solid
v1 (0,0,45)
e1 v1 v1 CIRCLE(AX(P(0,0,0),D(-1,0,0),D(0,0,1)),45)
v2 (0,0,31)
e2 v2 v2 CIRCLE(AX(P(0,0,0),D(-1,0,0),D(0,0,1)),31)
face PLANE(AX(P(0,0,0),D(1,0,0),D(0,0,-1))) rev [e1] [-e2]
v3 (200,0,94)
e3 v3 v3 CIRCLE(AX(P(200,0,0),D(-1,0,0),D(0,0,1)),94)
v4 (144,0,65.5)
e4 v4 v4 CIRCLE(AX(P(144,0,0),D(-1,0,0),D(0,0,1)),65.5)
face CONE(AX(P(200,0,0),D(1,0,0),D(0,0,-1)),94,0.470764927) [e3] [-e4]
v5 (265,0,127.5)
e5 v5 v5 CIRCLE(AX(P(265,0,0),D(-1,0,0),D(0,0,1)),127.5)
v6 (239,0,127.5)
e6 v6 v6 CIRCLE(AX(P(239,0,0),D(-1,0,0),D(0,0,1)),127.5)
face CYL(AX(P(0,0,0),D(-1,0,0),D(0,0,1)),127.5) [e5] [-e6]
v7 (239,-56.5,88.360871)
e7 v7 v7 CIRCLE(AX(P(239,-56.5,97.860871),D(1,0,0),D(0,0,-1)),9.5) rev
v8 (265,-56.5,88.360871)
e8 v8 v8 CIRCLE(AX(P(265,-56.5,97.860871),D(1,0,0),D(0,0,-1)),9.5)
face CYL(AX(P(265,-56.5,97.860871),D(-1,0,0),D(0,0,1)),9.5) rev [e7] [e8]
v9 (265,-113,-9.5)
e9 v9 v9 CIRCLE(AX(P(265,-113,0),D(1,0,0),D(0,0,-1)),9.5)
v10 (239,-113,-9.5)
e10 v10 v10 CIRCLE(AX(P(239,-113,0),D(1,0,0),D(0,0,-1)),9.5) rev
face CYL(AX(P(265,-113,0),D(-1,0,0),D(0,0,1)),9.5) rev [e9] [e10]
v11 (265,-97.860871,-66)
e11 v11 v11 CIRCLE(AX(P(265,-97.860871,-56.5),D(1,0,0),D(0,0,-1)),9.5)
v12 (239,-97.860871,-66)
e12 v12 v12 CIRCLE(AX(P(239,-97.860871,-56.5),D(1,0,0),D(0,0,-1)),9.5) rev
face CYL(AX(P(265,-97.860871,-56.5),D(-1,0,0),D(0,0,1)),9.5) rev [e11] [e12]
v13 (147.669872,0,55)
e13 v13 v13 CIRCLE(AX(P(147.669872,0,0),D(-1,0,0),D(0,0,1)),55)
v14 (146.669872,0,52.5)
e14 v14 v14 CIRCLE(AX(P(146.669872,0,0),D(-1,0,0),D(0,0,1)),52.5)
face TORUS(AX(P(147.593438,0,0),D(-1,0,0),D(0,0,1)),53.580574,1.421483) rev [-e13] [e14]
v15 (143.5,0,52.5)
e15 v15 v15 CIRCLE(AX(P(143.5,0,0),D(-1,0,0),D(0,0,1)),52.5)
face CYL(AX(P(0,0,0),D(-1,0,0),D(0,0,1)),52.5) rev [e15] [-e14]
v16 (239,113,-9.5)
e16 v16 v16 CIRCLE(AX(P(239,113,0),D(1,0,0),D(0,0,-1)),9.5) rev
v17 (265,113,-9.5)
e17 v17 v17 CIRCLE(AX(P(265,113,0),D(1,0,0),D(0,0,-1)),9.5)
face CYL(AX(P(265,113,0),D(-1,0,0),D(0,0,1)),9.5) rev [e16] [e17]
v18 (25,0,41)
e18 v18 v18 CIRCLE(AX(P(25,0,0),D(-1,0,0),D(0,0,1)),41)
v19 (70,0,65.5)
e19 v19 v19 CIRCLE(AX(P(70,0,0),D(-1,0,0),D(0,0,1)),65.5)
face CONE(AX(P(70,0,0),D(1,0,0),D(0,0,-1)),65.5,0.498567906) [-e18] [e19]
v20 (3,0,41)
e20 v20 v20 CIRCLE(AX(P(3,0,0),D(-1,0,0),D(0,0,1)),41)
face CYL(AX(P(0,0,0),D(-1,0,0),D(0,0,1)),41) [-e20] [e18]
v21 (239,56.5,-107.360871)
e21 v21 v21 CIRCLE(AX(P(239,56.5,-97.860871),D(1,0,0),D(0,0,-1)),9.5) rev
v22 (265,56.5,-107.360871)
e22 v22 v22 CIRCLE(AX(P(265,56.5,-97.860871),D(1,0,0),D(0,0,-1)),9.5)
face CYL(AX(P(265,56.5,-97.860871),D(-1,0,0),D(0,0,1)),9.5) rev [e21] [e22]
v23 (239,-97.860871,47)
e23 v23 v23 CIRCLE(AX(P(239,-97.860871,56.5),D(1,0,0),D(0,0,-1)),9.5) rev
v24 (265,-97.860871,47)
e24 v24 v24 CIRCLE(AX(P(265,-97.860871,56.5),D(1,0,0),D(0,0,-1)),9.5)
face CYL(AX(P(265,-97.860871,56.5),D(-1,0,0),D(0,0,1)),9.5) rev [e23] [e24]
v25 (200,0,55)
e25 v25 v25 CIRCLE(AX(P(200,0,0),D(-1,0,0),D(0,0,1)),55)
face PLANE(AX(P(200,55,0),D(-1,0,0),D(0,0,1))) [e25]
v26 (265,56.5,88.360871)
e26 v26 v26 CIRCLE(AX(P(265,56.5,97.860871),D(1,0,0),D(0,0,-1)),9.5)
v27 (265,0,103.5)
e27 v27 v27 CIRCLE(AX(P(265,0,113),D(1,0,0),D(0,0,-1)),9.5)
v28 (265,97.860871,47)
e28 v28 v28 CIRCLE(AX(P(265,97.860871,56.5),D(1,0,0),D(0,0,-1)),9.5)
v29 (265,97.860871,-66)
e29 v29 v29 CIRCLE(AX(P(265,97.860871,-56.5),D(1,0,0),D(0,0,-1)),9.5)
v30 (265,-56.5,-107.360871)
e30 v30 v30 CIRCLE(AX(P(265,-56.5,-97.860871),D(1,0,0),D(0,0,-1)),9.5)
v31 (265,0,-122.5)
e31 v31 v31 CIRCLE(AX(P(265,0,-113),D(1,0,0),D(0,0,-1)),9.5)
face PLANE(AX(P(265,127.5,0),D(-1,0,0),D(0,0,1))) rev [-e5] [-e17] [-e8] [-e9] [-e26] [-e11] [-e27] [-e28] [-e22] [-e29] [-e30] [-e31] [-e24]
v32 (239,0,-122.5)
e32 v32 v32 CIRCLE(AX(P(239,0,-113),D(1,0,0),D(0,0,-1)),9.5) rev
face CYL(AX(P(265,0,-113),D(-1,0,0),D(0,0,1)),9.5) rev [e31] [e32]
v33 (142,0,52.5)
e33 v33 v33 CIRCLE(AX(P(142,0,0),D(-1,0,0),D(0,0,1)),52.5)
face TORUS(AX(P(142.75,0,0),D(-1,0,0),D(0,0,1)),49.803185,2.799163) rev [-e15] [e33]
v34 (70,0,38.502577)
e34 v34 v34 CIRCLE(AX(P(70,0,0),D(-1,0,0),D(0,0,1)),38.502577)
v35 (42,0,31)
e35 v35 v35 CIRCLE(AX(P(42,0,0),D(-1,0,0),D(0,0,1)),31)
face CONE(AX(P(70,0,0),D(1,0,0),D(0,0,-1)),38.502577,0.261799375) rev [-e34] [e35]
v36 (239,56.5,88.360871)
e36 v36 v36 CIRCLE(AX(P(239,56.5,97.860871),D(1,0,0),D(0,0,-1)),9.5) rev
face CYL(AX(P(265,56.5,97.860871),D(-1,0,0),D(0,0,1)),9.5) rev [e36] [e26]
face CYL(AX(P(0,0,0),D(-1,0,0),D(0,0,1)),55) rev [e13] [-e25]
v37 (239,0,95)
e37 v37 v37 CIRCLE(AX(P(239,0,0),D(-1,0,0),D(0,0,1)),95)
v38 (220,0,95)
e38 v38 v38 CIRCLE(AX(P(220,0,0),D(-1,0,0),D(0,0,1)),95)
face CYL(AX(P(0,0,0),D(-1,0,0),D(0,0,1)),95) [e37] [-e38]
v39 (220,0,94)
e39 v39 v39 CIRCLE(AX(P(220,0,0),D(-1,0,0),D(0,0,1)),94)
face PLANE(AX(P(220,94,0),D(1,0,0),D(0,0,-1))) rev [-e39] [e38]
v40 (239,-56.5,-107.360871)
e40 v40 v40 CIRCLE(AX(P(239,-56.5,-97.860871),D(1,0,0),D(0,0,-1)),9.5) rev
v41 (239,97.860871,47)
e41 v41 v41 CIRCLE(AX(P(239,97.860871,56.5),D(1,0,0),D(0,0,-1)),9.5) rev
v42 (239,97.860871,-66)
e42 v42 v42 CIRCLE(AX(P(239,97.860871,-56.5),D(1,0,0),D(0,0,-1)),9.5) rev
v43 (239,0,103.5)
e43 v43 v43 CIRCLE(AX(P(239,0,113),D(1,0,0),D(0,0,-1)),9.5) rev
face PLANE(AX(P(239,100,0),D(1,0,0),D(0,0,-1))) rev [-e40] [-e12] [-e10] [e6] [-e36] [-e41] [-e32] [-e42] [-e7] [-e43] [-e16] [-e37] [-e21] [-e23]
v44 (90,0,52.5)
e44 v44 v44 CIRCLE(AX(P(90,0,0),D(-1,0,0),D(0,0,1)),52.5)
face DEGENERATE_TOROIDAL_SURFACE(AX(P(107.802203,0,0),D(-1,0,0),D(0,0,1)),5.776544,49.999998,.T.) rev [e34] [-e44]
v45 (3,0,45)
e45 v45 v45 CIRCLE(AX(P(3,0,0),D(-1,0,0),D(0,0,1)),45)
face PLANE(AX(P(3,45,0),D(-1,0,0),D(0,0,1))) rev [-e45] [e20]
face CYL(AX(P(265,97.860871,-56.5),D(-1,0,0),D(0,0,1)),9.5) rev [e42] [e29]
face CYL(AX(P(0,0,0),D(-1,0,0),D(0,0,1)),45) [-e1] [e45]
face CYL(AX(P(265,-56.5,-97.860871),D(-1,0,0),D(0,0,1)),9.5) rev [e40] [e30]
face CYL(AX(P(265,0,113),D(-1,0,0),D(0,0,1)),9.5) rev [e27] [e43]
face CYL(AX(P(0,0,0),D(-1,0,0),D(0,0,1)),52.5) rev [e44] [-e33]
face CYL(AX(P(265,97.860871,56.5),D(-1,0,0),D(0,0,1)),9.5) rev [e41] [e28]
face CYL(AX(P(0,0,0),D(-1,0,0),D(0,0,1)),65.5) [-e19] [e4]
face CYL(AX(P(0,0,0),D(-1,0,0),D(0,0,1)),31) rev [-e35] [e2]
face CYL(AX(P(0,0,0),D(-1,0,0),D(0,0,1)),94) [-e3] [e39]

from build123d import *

# Parameters (mm, degrees)
SKETCH_3_R           = 9.5
CUT_EXTRUDE_1_DEPTH  = 321.526909947
SKETCH_4_R           = 9.5
CUT_EXTRUDE_2_DEPTH  = 321.526909947
SKETCH_5_R           = 9.5
CUT_EXTRUDE_3_DEPTH  = 321.526909947
SKETCH_6_R           = 9.5
CUT_EXTRUDE_4_DEPTH  = 321.526909947
SKETCH_7_R           = 9.5
CUT_EXTRUDE_5_DEPTH  = 321.526909947
SKETCH_8_R           = 9.5
CUT_EXTRUDE_6_DEPTH  = 321.526909947
SKETCH_9_R           = 9.5
CUT_EXTRUDE_7_DEPTH  = 321.526909947
SKETCH_10_R          = 9.5
CUT_EXTRUDE_8_DEPTH  = 321.526909947
SKETCH_11_R          = 9.5
CUT_EXTRUDE_9_DEPTH  = 321.526909947
SKETCH_12_R          = 9.5
CUT_EXTRUDE_10_DEPTH = 321.526909947
SKETCH_13_R          = 9.5
CUT_EXTRUDE_11_DEPTH = 321.526909947
SKETCH_14_R          = 9.5
CUT_EXTRUDE_12_DEPTH = 321.526909947


with BuildPart() as part:
    # Эскиз1 → Повернуть1 (revolve)
    with BuildSketch(Plane.XY, mode=Mode.PRIVATE) as revolve_1_sk:
        Polygon((0, 0), (265, 0), (265, 127.5), (239, 127.5), (239, 100), (239, 95), (220, 95), (220, 94), (200, 94), (144, 65.5), (70, 65.5), (25, 41), (3, 41), (3, 45), (0, 45), align=None)
    revolve(revolve_1_sk.sketch.rotate(Axis((0, 0, 0), (1, 0, 0)), 90), axis=Axis((0, 0, 0), (1, 0, 0)))

    # Эскиз2 → Вырез-Повернуть1 (revolve, cut)
    with BuildSketch(Plane.XY, mode=Mode.PRIVATE) as cut_revolve_1_sk:
        with BuildLine():
            Line((0, 0), (200, 0))
            Line((200, 0), (200, 55))
            Line((200, 55), (147.669872, 55))
            ThreePointArc((147.669872, 55), (146.273624348, 54.108499061), (146.669872, 52.5))
            Line((146.669872, 52.5), (143.5, 52.5))
            ThreePointArc((143.5, 52.5), (142.75, 52.602347572), (142, 52.5))
            Line((142, 52.5), (90, 52.5))
            ThreePointArc((90, 52.5), (79.13262933, 46.740617582), (70, 38.502577))
            Line((70, 38.502577), (42, 31))
            Line((42, 31), (0, 31))
            Line((0, 31), (0, 0))
        make_face()
    revolve(cut_revolve_1_sk.sketch.rotate(Axis((0, 0, 0), (1, 0, 0)), 90), axis=Axis((0, 0, 0), (1, 0, 0)), mode=Mode.SUBTRACT)

    # Эскиз3 → Вырез-Вытянуть1 (cut, through all)
    with BuildSketch(Plane(origin=(0, 0, 0), x_dir=(0, 0, -1), z_dir=(1, 0, 0))):
        with Locations((0, 113)):
            Circle(SKETCH_3_R)
    extrude(amount=CUT_EXTRUDE_1_DEPTH, mode=Mode.SUBTRACT)

    # Эскиз4 → Вырез-Вытянуть2 (cut, through all)
    with BuildSketch(Plane(origin=(0, 0, 0), x_dir=(0, 0, -1), z_dir=(1, 0, 0))):
        with Locations((-56.5, 97.860870628)):
            Circle(SKETCH_4_R)
    extrude(amount=CUT_EXTRUDE_2_DEPTH, mode=Mode.SUBTRACT)

    # Эскиз5 → Вырез-Вытянуть3 (cut, through all)
    with BuildSketch(Plane(origin=(0, 0, 0), x_dir=(0, 0, -1), z_dir=(1, 0, 0))):
        with Locations((-97.860870628, 56.5)):
            Circle(SKETCH_5_R)
    extrude(amount=CUT_EXTRUDE_3_DEPTH, mode=Mode.SUBTRACT)

    # Эскиз6 → Вырез-Вытянуть4 (cut, through all)
    with BuildSketch(Plane(origin=(0, 0, 0), x_dir=(0, 0, -1), z_dir=(1, 0, 0))):
        with Locations((-113, 0)):
            Circle(SKETCH_6_R)
    extrude(amount=CUT_EXTRUDE_4_DEPTH, mode=Mode.SUBTRACT)

    # Эскиз7 → Вырез-Вытянуть5 (cut, through all)
    with BuildSketch(Plane(origin=(0, 0, 0), x_dir=(0, 0, -1), z_dir=(1, 0, 0))):
        with Locations((-97.860870628, -56.5)):
            Circle(SKETCH_7_R)
    extrude(amount=CUT_EXTRUDE_5_DEPTH, mode=Mode.SUBTRACT)

    # Эскиз8 → Вырез-Вытянуть6 (cut, through all)
    with BuildSketch(Plane(origin=(0, 0, 0), x_dir=(0, 0, -1), z_dir=(1, 0, 0))):
        with Locations((-56.5, -97.860870628)):
            Circle(SKETCH_8_R)
    extrude(amount=CUT_EXTRUDE_6_DEPTH, mode=Mode.SUBTRACT)

    # Эскиз9 → Вырез-Вытянуть7 (cut, through all)
    with BuildSketch(Plane(origin=(0, 0, 0), x_dir=(0, 0, -1), z_dir=(1, 0, 0))):
        with Locations((0, -113)):
            Circle(SKETCH_9_R)
    extrude(amount=CUT_EXTRUDE_7_DEPTH, mode=Mode.SUBTRACT)

    # Эскиз10 → Вырез-Вытянуть8 (cut, through all)
    with BuildSketch(Plane(origin=(0, 0, 0), x_dir=(0, 0, -1), z_dir=(1, 0, 0))):
        with Locations((56.5, -97.860870628)):
            Circle(SKETCH_10_R)
    extrude(amount=CUT_EXTRUDE_8_DEPTH, mode=Mode.SUBTRACT)

    # Эскиз11 → Вырез-Вытянуть9 (cut, through all)
    with BuildSketch(Plane(origin=(0, 0, 0), x_dir=(0, 0, -1), z_dir=(1, 0, 0))):
        with Locations((97.860870628, -56.5)):
            Circle(SKETCH_11_R)
    extrude(amount=CUT_EXTRUDE_9_DEPTH, mode=Mode.SUBTRACT)

    # Эскиз12 → Вырез-Вытянуть10 (cut, through all)
    with BuildSketch(Plane(origin=(0, 0, 0), x_dir=(0, 0, -1), z_dir=(1, 0, 0))):
        with Locations((113, 0)):
            Circle(SKETCH_12_R)
    extrude(amount=CUT_EXTRUDE_10_DEPTH, mode=Mode.SUBTRACT)

    # Эскиз13 → Вырез-Вытянуть11 (cut, through all)
    with BuildSketch(Plane(origin=(0, 0, 0), x_dir=(0, 0, -1), z_dir=(1, 0, 0))):
        with Locations((97.860870628, 56.5)):
            Circle(SKETCH_13_R)
    extrude(amount=CUT_EXTRUDE_11_DEPTH, mode=Mode.SUBTRACT)

    # Эскиз14 → Вырез-Вытянуть12 (cut, through all)
    with BuildSketch(Plane(origin=(0, 0, 0), x_dir=(0, 0, -1), z_dir=(1, 0, 0))):
        with Locations((56.5, 97.860870628)):
            Circle(SKETCH_14_R)
    extrude(amount=CUT_EXTRUDE_12_DEPTH, mode=Mode.SUBTRACT)


solid = part.part
